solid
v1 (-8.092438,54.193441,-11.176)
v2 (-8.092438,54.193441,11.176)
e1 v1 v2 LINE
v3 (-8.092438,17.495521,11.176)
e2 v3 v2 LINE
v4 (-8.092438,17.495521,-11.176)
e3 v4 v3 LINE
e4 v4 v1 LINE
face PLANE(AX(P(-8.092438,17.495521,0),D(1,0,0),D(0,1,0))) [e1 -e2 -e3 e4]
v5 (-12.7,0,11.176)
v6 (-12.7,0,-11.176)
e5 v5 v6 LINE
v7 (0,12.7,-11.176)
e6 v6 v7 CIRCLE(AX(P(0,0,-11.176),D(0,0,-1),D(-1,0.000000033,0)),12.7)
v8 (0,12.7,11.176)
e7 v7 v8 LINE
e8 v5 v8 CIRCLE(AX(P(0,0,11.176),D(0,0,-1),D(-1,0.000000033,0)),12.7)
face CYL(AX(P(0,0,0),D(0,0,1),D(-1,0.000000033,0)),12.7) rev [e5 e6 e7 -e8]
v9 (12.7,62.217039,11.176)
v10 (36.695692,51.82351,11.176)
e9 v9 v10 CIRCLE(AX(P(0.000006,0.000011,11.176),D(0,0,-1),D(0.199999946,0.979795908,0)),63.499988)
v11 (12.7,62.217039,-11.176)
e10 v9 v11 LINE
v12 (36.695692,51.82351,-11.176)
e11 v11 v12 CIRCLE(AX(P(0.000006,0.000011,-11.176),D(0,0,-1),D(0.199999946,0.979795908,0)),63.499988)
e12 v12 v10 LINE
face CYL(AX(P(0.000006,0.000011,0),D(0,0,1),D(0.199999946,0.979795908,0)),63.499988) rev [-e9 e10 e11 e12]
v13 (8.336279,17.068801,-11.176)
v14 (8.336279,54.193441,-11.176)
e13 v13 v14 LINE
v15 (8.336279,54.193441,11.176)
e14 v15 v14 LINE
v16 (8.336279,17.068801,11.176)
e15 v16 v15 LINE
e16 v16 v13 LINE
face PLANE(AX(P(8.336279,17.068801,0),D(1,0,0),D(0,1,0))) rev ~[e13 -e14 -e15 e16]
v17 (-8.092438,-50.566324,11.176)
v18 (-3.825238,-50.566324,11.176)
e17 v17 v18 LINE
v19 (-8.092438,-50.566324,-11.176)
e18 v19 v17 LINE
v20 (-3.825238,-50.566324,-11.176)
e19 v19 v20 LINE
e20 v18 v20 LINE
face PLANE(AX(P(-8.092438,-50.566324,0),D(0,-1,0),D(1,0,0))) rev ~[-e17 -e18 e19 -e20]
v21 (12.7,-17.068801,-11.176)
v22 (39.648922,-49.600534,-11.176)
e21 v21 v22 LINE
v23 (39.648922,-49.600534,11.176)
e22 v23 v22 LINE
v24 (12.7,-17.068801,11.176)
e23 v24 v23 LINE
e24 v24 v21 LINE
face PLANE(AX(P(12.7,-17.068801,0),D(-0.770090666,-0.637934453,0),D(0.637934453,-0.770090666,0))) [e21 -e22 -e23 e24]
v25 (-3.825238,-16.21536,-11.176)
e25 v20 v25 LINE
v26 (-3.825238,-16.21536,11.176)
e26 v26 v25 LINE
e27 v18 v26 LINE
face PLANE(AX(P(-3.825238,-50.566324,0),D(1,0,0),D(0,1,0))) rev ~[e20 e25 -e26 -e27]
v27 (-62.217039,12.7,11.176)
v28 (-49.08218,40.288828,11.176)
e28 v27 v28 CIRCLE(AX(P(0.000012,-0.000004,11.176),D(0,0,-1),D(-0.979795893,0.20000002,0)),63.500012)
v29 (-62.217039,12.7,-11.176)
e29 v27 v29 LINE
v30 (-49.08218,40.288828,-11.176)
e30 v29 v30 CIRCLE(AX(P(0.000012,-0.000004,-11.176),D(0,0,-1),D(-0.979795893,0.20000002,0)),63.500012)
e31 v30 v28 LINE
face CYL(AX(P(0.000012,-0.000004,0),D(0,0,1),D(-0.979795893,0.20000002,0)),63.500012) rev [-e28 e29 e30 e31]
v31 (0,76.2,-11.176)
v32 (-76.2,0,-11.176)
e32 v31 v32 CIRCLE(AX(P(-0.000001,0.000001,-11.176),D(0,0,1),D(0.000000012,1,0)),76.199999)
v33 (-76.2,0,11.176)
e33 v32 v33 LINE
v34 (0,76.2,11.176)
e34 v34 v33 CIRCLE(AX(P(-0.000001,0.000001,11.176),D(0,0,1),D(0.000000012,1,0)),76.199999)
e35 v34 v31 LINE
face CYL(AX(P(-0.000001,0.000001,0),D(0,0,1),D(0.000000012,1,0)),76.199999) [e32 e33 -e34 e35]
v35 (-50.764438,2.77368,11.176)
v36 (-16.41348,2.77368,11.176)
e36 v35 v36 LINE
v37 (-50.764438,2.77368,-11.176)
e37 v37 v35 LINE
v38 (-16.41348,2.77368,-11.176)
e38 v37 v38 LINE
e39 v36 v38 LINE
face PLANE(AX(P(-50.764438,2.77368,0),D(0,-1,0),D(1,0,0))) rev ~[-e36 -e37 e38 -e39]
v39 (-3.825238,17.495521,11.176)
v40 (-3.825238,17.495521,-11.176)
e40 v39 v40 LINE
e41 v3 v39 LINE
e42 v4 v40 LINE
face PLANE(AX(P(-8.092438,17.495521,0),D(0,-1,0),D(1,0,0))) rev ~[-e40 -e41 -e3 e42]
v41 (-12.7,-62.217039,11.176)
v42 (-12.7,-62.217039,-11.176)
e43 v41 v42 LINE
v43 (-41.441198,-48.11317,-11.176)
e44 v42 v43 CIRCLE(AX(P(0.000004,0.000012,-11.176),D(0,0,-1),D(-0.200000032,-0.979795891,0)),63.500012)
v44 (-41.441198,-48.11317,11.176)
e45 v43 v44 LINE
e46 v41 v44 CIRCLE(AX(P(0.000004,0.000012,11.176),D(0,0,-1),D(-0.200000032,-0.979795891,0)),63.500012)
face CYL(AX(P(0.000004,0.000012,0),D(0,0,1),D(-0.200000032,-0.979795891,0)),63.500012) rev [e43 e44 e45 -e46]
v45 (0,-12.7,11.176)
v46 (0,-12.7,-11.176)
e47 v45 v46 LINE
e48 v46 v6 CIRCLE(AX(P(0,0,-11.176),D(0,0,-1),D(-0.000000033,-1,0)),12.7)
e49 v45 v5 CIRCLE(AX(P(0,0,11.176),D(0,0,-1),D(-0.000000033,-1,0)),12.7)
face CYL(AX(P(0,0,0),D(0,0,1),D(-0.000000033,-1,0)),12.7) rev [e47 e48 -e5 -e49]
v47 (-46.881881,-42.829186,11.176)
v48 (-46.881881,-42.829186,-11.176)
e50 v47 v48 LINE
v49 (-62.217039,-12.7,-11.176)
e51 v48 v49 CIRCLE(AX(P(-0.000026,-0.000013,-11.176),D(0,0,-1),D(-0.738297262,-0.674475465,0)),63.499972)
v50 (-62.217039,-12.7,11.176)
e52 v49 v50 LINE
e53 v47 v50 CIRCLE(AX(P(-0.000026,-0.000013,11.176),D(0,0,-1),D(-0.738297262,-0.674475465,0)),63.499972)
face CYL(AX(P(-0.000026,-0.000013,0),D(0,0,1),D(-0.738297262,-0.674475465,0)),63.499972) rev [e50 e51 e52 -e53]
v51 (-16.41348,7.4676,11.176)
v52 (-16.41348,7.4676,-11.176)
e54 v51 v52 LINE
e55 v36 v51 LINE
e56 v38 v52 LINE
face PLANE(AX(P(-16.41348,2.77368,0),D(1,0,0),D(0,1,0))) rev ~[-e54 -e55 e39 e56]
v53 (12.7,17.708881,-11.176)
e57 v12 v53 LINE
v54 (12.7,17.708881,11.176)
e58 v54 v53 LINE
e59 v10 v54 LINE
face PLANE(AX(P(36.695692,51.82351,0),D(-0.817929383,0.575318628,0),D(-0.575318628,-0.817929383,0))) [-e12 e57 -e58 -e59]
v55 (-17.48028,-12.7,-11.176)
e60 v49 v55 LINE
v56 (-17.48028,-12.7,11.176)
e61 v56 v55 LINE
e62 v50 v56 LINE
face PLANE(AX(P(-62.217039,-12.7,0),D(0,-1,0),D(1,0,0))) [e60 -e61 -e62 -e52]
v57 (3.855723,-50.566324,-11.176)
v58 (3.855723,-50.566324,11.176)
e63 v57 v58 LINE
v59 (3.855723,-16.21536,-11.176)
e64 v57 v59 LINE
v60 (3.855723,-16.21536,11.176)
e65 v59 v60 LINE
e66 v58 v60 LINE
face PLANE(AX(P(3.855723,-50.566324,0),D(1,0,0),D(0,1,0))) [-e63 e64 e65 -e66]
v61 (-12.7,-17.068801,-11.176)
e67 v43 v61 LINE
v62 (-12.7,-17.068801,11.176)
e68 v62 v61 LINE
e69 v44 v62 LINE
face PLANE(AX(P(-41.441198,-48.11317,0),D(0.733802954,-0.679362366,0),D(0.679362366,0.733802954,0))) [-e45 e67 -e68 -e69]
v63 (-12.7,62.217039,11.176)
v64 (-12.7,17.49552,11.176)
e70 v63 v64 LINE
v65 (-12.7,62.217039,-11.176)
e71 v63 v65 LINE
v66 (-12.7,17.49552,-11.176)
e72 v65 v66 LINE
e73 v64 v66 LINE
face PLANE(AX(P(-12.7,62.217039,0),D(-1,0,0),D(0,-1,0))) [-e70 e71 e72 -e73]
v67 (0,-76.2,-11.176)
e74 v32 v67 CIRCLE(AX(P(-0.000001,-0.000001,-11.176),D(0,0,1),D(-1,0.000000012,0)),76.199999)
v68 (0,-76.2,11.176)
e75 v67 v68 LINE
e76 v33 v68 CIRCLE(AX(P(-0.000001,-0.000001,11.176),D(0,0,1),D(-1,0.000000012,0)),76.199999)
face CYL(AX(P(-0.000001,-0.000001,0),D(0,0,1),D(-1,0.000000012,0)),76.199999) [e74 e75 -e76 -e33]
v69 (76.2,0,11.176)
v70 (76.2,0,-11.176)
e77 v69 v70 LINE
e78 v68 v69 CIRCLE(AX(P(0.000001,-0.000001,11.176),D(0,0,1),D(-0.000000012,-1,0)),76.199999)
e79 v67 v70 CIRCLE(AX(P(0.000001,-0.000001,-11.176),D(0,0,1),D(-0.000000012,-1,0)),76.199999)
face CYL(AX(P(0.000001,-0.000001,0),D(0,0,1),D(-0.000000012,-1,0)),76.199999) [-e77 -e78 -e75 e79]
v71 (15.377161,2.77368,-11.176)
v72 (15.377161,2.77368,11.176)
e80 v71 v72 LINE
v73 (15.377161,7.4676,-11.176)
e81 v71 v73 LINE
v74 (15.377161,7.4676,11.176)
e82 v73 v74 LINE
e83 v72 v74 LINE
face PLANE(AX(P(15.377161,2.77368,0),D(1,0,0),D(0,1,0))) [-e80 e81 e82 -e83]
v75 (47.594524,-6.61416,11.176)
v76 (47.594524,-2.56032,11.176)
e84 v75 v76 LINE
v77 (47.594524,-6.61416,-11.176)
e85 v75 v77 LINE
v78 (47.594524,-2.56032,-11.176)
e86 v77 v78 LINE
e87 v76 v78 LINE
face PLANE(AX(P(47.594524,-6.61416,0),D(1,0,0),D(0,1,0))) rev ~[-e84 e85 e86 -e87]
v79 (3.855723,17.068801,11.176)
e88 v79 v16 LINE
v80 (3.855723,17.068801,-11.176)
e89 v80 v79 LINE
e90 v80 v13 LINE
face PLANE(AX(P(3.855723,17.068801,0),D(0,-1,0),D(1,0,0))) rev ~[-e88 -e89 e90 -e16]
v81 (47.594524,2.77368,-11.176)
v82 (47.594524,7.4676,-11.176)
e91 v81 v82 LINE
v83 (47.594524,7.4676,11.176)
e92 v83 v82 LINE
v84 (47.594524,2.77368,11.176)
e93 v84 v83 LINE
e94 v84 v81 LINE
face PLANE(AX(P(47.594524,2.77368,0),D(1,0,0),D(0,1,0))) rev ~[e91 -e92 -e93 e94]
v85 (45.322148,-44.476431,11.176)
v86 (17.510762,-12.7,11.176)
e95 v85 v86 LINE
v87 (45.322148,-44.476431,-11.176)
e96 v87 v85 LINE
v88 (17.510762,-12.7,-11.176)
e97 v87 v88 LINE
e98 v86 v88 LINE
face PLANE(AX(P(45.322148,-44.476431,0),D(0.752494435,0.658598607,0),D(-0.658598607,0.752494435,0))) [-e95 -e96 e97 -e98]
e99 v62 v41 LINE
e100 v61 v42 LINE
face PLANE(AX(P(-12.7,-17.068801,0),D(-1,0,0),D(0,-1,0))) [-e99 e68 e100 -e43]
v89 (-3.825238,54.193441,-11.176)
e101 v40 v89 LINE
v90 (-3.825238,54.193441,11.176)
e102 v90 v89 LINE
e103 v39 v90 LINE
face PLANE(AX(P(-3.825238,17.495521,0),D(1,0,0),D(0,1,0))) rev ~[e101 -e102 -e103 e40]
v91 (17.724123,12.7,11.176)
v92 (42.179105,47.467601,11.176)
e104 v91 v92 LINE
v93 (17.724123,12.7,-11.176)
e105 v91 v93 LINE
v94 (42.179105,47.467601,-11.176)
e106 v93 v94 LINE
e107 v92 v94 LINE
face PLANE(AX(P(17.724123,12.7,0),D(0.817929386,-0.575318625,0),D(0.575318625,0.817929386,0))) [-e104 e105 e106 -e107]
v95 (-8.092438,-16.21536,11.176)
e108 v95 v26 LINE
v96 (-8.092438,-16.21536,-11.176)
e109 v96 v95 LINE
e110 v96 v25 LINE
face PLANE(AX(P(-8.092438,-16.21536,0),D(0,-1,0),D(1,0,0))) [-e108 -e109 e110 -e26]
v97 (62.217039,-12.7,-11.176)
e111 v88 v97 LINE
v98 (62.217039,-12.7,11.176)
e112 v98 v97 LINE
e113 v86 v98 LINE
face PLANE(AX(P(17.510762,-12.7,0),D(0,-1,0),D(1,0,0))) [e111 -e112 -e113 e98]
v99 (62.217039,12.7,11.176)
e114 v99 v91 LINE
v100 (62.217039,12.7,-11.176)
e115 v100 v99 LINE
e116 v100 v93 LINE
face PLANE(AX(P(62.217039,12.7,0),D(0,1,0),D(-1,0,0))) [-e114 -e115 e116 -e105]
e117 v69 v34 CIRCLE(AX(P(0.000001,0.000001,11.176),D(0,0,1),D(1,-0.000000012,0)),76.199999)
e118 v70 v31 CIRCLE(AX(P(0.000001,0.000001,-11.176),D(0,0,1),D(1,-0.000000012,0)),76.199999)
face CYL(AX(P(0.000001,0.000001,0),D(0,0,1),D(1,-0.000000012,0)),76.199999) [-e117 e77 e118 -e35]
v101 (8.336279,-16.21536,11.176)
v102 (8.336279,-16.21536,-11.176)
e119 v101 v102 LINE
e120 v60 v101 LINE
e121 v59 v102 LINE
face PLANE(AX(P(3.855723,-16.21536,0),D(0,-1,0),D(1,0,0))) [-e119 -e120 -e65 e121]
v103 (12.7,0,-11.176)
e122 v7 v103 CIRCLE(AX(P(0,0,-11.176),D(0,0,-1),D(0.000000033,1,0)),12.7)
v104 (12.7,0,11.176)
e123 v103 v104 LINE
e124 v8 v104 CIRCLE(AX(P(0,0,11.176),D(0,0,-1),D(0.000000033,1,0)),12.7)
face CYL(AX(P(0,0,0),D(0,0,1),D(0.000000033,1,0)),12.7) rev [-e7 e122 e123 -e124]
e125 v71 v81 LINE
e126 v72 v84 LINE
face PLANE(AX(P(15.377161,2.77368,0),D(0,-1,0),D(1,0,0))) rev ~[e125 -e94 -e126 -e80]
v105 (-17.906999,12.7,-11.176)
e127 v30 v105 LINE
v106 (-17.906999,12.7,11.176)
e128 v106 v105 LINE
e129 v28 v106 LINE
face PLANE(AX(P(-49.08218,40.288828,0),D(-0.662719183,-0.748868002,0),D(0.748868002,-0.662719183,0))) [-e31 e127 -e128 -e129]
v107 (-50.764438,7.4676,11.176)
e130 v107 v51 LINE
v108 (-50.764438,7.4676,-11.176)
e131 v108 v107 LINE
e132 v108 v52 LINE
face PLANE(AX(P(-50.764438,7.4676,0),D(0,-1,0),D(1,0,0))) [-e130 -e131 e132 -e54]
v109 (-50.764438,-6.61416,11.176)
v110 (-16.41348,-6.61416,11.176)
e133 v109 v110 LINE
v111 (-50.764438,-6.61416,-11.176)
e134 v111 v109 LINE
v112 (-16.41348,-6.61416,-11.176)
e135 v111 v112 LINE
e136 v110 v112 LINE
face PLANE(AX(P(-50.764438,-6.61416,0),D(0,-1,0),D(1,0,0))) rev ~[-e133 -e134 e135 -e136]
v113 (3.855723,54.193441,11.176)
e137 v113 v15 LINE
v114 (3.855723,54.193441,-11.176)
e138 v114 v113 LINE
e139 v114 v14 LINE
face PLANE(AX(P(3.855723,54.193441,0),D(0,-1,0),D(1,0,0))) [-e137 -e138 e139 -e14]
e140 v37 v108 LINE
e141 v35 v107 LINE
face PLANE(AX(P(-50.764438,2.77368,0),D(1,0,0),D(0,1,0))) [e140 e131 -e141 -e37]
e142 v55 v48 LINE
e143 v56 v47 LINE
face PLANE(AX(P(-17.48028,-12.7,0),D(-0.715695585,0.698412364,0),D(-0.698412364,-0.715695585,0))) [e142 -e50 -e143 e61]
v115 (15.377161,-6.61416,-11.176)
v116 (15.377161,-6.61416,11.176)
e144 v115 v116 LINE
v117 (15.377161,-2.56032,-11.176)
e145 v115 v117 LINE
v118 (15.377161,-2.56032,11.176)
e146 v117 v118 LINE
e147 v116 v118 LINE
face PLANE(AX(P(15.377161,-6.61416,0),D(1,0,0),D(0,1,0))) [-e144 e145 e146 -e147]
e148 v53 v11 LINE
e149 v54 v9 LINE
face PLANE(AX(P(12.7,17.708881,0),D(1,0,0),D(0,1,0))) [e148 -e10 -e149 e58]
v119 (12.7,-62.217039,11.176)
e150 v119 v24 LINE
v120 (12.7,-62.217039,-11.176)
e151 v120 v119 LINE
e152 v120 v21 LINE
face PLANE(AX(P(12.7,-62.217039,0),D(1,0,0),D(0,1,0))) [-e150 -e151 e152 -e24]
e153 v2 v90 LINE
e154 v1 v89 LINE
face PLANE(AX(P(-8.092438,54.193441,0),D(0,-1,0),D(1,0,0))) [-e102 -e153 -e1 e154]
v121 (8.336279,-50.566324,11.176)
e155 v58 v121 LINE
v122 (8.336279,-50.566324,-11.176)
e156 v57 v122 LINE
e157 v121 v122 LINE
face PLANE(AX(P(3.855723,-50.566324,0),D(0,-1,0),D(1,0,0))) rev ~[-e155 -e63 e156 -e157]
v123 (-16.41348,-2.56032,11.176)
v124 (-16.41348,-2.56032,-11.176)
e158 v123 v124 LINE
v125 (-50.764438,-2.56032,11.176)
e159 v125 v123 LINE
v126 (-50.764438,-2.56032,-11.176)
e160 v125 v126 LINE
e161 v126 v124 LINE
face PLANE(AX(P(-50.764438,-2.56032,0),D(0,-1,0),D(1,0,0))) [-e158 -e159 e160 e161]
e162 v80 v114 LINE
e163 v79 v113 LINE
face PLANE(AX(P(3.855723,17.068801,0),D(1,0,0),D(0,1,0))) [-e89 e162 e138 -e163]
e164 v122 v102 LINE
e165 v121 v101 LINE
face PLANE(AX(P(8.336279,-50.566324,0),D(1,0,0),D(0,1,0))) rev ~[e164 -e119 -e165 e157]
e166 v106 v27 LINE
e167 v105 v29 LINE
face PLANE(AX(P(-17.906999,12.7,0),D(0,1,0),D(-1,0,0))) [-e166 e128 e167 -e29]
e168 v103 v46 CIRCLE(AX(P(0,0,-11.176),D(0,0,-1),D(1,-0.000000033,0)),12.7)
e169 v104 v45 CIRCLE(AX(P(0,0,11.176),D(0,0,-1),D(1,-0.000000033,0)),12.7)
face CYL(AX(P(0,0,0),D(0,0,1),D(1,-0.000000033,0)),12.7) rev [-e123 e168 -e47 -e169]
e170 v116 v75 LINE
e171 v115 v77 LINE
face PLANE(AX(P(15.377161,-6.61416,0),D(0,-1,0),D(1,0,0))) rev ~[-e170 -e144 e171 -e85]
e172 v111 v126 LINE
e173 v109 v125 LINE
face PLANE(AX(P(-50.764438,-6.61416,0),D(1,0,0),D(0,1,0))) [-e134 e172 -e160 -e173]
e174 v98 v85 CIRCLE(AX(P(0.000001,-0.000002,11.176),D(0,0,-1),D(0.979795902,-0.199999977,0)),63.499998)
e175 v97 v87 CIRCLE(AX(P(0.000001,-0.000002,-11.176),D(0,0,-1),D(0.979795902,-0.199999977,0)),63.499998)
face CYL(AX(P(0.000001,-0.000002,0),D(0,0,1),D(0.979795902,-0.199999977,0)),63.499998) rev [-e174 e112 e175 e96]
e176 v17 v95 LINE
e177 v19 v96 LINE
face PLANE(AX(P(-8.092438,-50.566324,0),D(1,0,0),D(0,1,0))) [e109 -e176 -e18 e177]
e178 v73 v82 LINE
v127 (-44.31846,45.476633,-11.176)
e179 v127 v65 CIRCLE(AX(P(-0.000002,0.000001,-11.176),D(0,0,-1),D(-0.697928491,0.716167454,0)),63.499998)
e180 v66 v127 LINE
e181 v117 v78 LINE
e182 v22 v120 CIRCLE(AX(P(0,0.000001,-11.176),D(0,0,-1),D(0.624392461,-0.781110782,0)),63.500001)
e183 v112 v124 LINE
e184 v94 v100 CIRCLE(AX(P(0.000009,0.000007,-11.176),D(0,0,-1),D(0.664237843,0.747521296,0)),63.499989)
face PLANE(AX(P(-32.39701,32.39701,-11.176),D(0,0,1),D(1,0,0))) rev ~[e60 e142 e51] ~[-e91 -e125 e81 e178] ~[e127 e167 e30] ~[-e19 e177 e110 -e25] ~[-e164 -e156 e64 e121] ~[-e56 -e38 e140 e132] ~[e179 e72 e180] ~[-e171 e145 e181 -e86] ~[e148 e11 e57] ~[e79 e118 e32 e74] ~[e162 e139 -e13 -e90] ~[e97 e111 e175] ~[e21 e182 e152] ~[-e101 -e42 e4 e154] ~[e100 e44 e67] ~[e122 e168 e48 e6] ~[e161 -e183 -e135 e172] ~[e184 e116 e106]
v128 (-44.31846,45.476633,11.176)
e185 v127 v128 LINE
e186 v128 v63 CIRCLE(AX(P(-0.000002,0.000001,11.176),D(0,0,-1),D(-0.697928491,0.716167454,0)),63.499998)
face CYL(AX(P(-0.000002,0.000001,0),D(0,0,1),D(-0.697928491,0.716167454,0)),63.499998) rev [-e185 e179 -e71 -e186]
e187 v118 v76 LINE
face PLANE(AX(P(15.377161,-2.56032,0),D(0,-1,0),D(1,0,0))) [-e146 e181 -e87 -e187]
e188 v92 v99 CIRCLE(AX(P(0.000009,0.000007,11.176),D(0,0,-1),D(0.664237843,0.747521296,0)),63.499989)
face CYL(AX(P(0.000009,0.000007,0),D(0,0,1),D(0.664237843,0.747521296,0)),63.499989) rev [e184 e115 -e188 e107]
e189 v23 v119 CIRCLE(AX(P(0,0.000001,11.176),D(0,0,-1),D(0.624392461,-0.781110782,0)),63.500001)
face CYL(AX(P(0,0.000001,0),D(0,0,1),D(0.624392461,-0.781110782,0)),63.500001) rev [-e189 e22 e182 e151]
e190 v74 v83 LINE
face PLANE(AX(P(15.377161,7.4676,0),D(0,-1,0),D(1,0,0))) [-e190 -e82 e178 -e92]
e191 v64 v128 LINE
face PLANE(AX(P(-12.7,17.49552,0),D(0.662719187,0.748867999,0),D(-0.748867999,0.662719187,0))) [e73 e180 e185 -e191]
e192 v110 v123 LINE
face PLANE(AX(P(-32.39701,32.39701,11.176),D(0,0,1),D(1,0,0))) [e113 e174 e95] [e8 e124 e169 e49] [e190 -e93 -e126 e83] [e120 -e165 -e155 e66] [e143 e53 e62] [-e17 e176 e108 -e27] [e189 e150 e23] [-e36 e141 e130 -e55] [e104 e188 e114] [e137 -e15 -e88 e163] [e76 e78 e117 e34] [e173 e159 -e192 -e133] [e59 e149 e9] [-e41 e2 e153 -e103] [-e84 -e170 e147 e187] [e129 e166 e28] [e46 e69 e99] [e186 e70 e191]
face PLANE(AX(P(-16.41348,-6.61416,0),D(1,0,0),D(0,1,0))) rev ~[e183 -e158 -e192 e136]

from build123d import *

# Parameters (mm, degrees)
F0_W     = 34.350958
F0_H     = 4.69392
F0_W_2   = 4.2672
F0_H_2   = 36.697921
F0_W_3   = 32.217363
F0_W_4   = 4.480557
F0_H_3   = 37.12464
F0_H_4   = 34.350963
F0_H_5   = 4.05384
F1_DEPTH = 11.176


with BuildPart() as f1:
    # F0 (on Top) → F1 (new body, symmetric)
    with BuildSketch(Plane.XY):
        with BuildLine():
            ThreePointArc((-12.7, 0), (-8.980256, 8.980256), (0, 12.7))
            Line((0, 12.7), (0, 76.2))
            ThreePointArc((0, 76.2), (-53.881537, 53.881537), (-76.2, 0))
            Line((-76.2, 0), (-12.7, 0))
        make_face()
        with BuildLine():
            Line((-49.08218, 40.288828), (-17.906999, 12.7))
            Line((-17.906999, 12.7), (-62.217039, 12.7))
            ThreePointArc((-62.217039, 12.7), (-57.333802, 27.296247), (-49.08218, 40.288828))
        make_face(mode=Mode.SUBTRACT)
        with Locations((-33.588959, 5.12064)):
            Rectangle(F0_W, F0_H, mode=Mode.SUBTRACT)
        with Locations((-5.958838, 35.844481)):
            Rectangle(F0_W_2, F0_H_2, mode=Mode.SUBTRACT)
        with BuildLine():
            ThreePointArc((-44.31846, 45.476633), (-29.712564, 56.119636), (-12.7, 62.217039))
            Line((-12.7, 62.217039), (-12.7, 17.49552))
            Line((-12.7, 17.49552), (-44.31846, 45.476633))
        make_face(mode=Mode.SUBTRACT)
        with BuildLine():
            ThreePointArc((0, 12.7), (8.980256, 8.980256), (12.7, 0))
            Line((12.7, 0), (76.2, 0))
            ThreePointArc((76.2, 0), (53.881537, 53.881537), (0, 76.2))
            Line((0, 76.2), (0, 12.7))
        make_face()
        with Locations((31.485843, 5.12064)):
            Rectangle(F0_W_3, F0_H, mode=Mode.SUBTRACT)
        with Locations((6.096001, 35.631121)):
            Rectangle(F0_W_4, F0_H_3, mode=Mode.SUBTRACT)
        with BuildLine():
            Line((62.217039, 12.7), (17.724123, 12.7))
            Line((17.724123, 12.7), (42.179105, 47.467601))
            ThreePointArc((42.179105, 47.467601), (55.016682, 31.708276), (62.217039, 12.7))
        make_face(mode=Mode.SUBTRACT)
        with BuildLine():
            Line((36.695692, 51.82351), (12.7, 17.708881))
            Line((12.7, 17.708881), (12.7, 62.217039))
            ThreePointArc((12.7, 62.217039), (25.23866, 58.26886), (36.695692, 51.82351))
        make_face(mode=Mode.SUBTRACT)
        with BuildLine():
            Line((76.2, 0), (12.7, 0))
            ThreePointArc((12.7, 0), (8.980256, -8.980256), (0, -12.7))
            Line((0, -12.7), (0, -76.2))
            ThreePointArc((0, -76.2), (53.881537, -53.881537), (76.2, 0))
        make_face()
        with BuildLine():
            Line((12.7, -62.217039), (12.7, -17.068801))
            Line((12.7, -17.068801), (39.648922, -49.600534))
            ThreePointArc((39.648922, -49.600534), (26.923901, -57.509595), (12.7, -62.217039))
        make_face(mode=Mode.SUBTRACT)
        with Locations((6.096001, -33.390842)):
            Rectangle(F0_W_4, F0_H_4, mode=Mode.SUBTRACT)
        with Locations((31.485843, -4.58724)):
            Rectangle(F0_W_3, F0_H_5, mode=Mode.SUBTRACT)
        with BuildLine():
            Line((45.322148, -44.476431), (17.510762, -12.7))
            Line((17.510762, -12.7), (62.217039, -12.7))
            ThreePointArc((62.217039, -12.7), (56.067857, -29.810156), (45.322148, -44.476431))
        make_face(mode=Mode.SUBTRACT)
        with BuildLine():
            Line((0, -76.2), (0, -12.7))
            ThreePointArc((0, -12.7), (-8.980256, -8.980256), (-12.7, 0))
            Line((-12.7, 0), (-76.2, 0))
            ThreePointArc((-76.2, 0), (-53.881537, -53.881537), (0, -76.2))
        make_face()
        with BuildLine():
            Line((-41.441198, -48.11317), (-12.7, -17.068801))
            Line((-12.7, -17.068801), (-12.7, -62.217039))
            ThreePointArc((-12.7, -62.217039), (-27.974043, -57.006165), (-41.441198, -48.11317))
        make_face(mode=Mode.SUBTRACT)
        with BuildLine():
            Line((-62.217039, -12.7), (-17.48028, -12.7))
            Line((-17.48028, -12.7), (-46.881881, -42.829186))
            ThreePointArc((-46.881881, -42.829186), (-56.591392, -28.803896), (-62.217039, -12.7))
        make_face(mode=Mode.SUBTRACT)
        with Locations((-5.958838, -33.390842)):
            Rectangle(F0_W_2, F0_H_4, mode=Mode.SUBTRACT)
        with Locations((-33.588959, -4.58724)):
            Rectangle(F0_W, F0_H_5, mode=Mode.SUBTRACT)
    extrude(amount=F1_DEPTH, both=True)


solid = f1.part
